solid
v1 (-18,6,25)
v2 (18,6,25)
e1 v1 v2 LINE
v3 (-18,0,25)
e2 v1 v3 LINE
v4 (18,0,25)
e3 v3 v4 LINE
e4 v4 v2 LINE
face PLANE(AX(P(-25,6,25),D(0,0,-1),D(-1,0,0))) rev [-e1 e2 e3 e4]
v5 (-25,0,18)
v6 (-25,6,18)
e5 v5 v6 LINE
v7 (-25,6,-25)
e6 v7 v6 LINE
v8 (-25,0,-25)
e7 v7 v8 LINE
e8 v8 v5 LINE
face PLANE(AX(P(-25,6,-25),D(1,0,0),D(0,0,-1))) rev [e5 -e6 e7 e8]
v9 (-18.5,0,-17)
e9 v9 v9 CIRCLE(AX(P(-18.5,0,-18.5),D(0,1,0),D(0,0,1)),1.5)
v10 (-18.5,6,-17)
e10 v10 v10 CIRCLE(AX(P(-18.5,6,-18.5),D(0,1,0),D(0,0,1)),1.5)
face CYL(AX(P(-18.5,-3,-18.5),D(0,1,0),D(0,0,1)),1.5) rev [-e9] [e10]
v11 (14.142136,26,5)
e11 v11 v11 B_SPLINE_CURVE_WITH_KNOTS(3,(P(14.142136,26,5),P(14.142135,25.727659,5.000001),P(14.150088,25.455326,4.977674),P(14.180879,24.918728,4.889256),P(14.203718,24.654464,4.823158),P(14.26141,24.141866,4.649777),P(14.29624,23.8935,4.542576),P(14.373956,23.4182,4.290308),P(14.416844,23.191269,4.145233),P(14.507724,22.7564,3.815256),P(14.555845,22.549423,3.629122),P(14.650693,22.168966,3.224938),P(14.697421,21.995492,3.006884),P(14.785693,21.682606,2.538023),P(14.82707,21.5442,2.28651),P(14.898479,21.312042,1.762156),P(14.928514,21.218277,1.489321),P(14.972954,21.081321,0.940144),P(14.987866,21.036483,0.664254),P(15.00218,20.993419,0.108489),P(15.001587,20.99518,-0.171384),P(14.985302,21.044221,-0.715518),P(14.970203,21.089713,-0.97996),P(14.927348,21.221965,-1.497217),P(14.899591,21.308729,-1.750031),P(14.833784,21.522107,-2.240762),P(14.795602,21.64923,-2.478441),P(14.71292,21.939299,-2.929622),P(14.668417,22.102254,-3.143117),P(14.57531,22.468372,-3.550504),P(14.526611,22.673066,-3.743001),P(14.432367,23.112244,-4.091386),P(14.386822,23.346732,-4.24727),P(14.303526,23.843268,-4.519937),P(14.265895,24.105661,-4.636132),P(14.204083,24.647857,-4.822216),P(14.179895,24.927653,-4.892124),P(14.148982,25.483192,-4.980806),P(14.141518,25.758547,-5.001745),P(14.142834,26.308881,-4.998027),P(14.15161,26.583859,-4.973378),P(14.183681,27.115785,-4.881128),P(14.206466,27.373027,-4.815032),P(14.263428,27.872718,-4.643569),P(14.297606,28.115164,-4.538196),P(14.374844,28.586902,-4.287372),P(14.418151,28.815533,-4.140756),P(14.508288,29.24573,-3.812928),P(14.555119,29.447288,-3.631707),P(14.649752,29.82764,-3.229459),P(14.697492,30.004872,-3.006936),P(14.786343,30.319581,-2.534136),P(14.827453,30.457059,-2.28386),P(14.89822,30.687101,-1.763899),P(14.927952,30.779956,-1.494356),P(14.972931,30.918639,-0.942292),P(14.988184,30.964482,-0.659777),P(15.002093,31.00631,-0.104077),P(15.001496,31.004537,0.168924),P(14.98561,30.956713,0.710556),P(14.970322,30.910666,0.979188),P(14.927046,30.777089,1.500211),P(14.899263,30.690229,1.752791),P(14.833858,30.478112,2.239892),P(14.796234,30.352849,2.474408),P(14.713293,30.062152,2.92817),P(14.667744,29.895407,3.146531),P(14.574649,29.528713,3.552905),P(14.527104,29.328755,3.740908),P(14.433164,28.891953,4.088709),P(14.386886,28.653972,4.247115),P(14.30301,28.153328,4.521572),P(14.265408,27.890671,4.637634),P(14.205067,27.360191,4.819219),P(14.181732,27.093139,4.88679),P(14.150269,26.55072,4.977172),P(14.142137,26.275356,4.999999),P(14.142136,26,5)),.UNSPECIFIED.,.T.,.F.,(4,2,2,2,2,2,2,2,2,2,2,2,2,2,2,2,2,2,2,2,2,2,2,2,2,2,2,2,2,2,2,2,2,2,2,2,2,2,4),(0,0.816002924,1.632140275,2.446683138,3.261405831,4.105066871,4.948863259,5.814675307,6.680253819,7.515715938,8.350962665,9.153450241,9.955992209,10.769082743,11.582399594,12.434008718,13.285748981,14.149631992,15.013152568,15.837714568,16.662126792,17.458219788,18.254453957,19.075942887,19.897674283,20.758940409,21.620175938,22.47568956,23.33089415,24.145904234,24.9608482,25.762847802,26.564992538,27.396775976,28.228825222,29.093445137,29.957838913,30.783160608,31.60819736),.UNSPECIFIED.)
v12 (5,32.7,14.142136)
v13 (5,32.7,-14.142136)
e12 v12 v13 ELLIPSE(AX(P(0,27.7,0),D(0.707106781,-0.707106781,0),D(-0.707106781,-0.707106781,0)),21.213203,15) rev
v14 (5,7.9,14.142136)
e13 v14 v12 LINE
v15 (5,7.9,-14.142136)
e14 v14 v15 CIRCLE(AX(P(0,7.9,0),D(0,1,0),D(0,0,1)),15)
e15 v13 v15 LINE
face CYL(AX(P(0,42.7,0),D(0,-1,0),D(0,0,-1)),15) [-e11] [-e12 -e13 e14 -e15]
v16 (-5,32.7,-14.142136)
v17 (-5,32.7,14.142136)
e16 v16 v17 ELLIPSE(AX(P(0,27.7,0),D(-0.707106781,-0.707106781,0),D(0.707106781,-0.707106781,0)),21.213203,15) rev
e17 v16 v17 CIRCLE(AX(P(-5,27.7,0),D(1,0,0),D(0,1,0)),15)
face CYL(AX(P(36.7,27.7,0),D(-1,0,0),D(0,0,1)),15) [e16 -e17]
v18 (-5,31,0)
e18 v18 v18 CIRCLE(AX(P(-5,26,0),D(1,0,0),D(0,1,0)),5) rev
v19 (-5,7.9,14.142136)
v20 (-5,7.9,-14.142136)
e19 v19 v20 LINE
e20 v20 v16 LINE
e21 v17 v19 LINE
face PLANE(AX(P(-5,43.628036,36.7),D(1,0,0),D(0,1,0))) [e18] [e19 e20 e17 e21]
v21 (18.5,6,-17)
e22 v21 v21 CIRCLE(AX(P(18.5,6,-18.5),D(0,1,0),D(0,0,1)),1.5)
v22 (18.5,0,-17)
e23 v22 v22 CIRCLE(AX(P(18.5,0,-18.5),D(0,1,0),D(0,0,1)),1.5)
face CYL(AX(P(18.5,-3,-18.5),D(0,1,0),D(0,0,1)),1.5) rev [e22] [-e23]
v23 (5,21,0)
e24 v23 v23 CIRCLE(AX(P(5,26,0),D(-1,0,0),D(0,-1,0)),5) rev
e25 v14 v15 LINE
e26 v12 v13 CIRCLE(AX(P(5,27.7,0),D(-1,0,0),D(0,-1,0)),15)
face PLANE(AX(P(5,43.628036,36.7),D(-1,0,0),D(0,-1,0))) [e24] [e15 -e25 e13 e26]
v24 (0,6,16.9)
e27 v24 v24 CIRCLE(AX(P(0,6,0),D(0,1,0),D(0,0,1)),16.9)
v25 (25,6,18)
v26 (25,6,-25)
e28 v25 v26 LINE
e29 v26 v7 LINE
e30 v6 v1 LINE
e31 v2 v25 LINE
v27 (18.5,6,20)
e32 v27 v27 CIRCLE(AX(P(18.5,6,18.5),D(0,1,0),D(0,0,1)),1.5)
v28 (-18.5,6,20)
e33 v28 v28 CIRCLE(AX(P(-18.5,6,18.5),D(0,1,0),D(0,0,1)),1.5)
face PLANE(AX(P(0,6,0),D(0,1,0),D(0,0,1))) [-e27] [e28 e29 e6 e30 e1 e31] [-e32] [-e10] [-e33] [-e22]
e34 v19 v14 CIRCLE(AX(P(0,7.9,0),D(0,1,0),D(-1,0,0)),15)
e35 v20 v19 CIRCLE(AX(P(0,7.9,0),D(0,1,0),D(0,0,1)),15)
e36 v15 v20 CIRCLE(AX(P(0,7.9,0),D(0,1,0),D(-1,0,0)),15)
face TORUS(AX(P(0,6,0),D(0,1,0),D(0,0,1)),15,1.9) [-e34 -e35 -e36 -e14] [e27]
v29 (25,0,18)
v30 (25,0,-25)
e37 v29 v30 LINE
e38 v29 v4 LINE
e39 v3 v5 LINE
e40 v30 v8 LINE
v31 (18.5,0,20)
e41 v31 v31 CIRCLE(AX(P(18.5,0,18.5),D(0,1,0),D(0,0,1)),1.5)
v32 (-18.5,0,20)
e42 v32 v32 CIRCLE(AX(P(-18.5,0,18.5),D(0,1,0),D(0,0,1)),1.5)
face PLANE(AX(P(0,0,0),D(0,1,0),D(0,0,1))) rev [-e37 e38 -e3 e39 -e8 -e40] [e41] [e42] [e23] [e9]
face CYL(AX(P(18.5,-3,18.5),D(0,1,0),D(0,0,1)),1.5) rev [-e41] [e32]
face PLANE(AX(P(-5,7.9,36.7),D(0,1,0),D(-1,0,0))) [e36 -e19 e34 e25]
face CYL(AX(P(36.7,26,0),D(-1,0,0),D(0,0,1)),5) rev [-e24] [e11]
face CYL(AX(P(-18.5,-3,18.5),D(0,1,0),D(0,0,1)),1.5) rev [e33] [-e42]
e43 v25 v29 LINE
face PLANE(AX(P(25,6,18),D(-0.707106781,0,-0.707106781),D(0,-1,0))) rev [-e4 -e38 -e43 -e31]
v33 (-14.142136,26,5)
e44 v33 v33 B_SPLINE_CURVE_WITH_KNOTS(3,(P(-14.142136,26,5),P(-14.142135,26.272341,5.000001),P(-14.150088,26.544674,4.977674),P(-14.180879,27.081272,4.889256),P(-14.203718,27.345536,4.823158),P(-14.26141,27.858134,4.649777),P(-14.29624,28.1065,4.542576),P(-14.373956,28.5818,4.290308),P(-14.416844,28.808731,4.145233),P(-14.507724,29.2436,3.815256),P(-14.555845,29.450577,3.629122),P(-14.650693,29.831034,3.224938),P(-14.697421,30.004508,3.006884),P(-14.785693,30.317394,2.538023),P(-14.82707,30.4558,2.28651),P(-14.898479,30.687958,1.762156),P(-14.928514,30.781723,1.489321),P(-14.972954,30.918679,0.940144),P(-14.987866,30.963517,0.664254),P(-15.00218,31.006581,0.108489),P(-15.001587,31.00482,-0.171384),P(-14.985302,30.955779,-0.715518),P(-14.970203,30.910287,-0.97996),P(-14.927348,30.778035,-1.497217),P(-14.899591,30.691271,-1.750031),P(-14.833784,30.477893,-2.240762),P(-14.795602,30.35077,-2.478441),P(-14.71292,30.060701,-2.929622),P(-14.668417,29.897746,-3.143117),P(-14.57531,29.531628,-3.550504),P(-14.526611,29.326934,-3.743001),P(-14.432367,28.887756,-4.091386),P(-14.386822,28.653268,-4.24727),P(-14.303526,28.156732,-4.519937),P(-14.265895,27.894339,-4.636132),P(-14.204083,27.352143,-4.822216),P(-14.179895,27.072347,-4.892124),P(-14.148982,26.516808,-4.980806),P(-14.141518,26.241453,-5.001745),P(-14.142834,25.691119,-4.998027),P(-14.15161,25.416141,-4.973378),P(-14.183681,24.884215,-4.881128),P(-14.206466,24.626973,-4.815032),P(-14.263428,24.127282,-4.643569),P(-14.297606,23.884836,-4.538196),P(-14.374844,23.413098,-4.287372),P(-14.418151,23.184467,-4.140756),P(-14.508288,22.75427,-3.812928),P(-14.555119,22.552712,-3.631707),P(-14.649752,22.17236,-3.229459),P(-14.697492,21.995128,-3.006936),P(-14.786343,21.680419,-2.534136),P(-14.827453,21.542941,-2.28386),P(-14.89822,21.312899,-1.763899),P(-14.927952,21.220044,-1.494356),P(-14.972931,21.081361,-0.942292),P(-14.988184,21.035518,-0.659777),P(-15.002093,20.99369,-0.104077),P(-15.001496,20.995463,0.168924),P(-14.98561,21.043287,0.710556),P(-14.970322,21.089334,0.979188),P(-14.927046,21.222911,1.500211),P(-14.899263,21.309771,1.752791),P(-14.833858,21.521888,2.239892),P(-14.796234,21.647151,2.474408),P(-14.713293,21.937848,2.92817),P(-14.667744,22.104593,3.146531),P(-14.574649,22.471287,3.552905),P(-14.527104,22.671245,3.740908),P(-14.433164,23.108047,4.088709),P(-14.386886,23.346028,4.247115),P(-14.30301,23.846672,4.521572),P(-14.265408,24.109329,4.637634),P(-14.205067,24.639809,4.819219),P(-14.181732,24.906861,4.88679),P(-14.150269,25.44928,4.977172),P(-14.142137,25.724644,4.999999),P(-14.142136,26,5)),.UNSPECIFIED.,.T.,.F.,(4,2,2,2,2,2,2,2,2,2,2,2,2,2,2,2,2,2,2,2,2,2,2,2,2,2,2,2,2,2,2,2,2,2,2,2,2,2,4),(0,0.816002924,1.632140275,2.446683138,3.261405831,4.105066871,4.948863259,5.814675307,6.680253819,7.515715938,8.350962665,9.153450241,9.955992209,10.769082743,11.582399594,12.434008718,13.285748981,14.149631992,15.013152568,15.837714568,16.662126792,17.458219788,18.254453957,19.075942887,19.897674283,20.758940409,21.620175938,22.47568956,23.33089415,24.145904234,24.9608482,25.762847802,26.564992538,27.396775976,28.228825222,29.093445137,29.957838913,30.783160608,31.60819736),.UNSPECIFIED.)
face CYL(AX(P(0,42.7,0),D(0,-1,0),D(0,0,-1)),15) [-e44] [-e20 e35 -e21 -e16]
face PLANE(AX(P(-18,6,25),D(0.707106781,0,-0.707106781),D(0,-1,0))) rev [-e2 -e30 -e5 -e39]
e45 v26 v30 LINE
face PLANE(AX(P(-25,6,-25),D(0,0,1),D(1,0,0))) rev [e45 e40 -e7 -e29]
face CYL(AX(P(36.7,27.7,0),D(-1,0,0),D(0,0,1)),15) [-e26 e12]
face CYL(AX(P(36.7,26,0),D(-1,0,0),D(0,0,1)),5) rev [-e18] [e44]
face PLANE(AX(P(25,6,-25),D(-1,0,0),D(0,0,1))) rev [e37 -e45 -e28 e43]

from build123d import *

# Parameters (mm, degrees)
SKETCH1_W               = 50
SKETCH1_H               = 50
BOSS_EXTRUDE1_DEPTH     = 6
SKETCH2_R               = 15
BOSS_EXTRUDE2_DEPTH     = 36.7
CHAMFER1_SIZE           = 7
CUT_EXTRUDE1_DEPTH      = 36.7
CUT_EXTRUDE1_DEPTH_BACK = 36.7
SKETCH3_W               = 10
SKETCH3_H               = 35.728035611
CUT_EXTRUDE2_DEPTH      = 36.7
CUT_EXTRUDE2_DEPTH_BACK = 36.7
CUT_EXTRUDE3_DEPTH      = 36.7
CUT_EXTRUDE3_DEPTH_BACK = 36.7
SKETCH5_R               = 5
SKETCH7_R               = 1.5
CUT_EXTRUDE4_DEPTH      = 9
CHAMFER2_SIZE           = 7


with BuildPart() as part:
    # Sketch1 → Boss-Extrude1 (new body)
    with BuildSketch(Plane(origin=(0, 0, 0), x_dir=(1, 0, 0), z_dir=(0, 1, 0))):
        Rectangle(SKETCH1_W, SKETCH1_H)
    extrude(amount=BOSS_EXTRUDE1_DEPTH)

    # Sketch2 → Boss-Extrude2 (add)
    with BuildSketch(Plane(origin=(0, 6, 0), x_dir=(1, 0, 0), z_dir=(0, 1, 0))):
        with Locations(Location((0, 0, 0), (0, 0, 270))):
            Circle(SKETCH2_R)
    extrude(amount=BOSS_EXTRUDE2_DEPTH)

    # Chamfer1
    chamfer1_edges = [part.edges().sort_by_distance(p)[0] for p in [
        (25, 3, 25),
    ]]
    chamfer(chamfer1_edges, length=CHAMFER1_SIZE)

    # Sketch3 → Cut-Extrude1 (cut, two sides: drawn at the far end of the back side and taken through both)
    with BuildSketch(Plane.XY.offset(-CUT_EXTRUDE1_DEPTH_BACK)):
        with Locations((0, 25.764017805)):
            Rectangle(SKETCH3_W, SKETCH3_H)
    extrude(amount=CUT_EXTRUDE1_DEPTH + CUT_EXTRUDE1_DEPTH_BACK, mode=Mode.SUBTRACT)

    # Sketch4 → Cut-Extrude2 (cut, two sides: drawn at the far end of the back side and taken through both)
    with BuildSketch(Plane(origin=(0, 0, 0), x_dir=(0, 0, -1), z_dir=(1, 0, 0)).offset(-CUT_EXTRUDE2_DEPTH_BACK)):
        with BuildLine():
            Line((-14.375997607, 31.981435834), (-17.281195567, 49.289848302))
            Line((-17.281195567, 49.289848302), (26.224300548, 49.289848302))
            Line((26.224300548, 49.289848302), (14.47548732, 31.631954585))
            ThreePointArc((14.47548732, 31.631954585), (0.181683341, 42.698899665), (-14.375997607, 31.981435834))
        make_face()
    extrude(amount=CUT_EXTRUDE2_DEPTH + CUT_EXTRUDE2_DEPTH_BACK, mode=Mode.SUBTRACT)

    # Sketch5 → Cut-Extrude3 (cut, two sides: drawn at the far end of the back side and taken through both)
    with BuildSketch(Plane(origin=(0, 0, 0), x_dir=(0, 0, -1), z_dir=(1, 0, 0)).offset(-CUT_EXTRUDE3_DEPTH_BACK)):
        with Locations(Location((0, 26, 0), (0, 0, 180))):
            Circle(SKETCH5_R)
    extrude(amount=CUT_EXTRUDE3_DEPTH + CUT_EXTRUDE3_DEPTH_BACK, mode=Mode.SUBTRACT)

    # Sketch6 → Revolve1 (revolve)
    with BuildSketch(Plane(origin=(0, 0, 0), x_dir=(0, 0, -1), z_dir=(1, 0, 0))):
        with BuildLine():
            Line((-15, 7.9), (-15, 6))
            Line((-15, 6), (-16.9, 6))
            ThreePointArc((-16.9, 6), (-16.343502884, 7.343502884), (-15, 7.9))
        make_face()
    revolve(axis=Axis((0, 42.7, 0), (0, -1, 0)))

    # Sketch7 → Cut-Extrude4 (cut)
    with BuildSketch(Plane(origin=(0, 6, 0), x_dir=(1, 0, 0), z_dir=(0, 1, 0))):
        with Locations(Location((-18.5, 18.5, 0), (0, 0, 270))):
            Circle(SKETCH7_R)
        with Locations(Location((18.5, 18.5, 0), (0, 0, 270))):
            Circle(SKETCH7_R)
        with Locations(Location((18.5, -18.5, 0), (0, 0, 270))):
            Circle(SKETCH7_R)
        with Locations(Location((-18.5, -18.5, 0), (0, 0, 270))):
            Circle(SKETCH7_R)
    extrude(amount=-CUT_EXTRUDE4_DEPTH, mode=Mode.SUBTRACT)

    # Chamfer2
    chamfer2_edges = [part.edges().sort_by_distance(p)[0] for p in [
        (-25, 3, 25),
    ]]
    chamfer(chamfer2_edges, length=CHAMFER2_SIZE)


solid = part.part
